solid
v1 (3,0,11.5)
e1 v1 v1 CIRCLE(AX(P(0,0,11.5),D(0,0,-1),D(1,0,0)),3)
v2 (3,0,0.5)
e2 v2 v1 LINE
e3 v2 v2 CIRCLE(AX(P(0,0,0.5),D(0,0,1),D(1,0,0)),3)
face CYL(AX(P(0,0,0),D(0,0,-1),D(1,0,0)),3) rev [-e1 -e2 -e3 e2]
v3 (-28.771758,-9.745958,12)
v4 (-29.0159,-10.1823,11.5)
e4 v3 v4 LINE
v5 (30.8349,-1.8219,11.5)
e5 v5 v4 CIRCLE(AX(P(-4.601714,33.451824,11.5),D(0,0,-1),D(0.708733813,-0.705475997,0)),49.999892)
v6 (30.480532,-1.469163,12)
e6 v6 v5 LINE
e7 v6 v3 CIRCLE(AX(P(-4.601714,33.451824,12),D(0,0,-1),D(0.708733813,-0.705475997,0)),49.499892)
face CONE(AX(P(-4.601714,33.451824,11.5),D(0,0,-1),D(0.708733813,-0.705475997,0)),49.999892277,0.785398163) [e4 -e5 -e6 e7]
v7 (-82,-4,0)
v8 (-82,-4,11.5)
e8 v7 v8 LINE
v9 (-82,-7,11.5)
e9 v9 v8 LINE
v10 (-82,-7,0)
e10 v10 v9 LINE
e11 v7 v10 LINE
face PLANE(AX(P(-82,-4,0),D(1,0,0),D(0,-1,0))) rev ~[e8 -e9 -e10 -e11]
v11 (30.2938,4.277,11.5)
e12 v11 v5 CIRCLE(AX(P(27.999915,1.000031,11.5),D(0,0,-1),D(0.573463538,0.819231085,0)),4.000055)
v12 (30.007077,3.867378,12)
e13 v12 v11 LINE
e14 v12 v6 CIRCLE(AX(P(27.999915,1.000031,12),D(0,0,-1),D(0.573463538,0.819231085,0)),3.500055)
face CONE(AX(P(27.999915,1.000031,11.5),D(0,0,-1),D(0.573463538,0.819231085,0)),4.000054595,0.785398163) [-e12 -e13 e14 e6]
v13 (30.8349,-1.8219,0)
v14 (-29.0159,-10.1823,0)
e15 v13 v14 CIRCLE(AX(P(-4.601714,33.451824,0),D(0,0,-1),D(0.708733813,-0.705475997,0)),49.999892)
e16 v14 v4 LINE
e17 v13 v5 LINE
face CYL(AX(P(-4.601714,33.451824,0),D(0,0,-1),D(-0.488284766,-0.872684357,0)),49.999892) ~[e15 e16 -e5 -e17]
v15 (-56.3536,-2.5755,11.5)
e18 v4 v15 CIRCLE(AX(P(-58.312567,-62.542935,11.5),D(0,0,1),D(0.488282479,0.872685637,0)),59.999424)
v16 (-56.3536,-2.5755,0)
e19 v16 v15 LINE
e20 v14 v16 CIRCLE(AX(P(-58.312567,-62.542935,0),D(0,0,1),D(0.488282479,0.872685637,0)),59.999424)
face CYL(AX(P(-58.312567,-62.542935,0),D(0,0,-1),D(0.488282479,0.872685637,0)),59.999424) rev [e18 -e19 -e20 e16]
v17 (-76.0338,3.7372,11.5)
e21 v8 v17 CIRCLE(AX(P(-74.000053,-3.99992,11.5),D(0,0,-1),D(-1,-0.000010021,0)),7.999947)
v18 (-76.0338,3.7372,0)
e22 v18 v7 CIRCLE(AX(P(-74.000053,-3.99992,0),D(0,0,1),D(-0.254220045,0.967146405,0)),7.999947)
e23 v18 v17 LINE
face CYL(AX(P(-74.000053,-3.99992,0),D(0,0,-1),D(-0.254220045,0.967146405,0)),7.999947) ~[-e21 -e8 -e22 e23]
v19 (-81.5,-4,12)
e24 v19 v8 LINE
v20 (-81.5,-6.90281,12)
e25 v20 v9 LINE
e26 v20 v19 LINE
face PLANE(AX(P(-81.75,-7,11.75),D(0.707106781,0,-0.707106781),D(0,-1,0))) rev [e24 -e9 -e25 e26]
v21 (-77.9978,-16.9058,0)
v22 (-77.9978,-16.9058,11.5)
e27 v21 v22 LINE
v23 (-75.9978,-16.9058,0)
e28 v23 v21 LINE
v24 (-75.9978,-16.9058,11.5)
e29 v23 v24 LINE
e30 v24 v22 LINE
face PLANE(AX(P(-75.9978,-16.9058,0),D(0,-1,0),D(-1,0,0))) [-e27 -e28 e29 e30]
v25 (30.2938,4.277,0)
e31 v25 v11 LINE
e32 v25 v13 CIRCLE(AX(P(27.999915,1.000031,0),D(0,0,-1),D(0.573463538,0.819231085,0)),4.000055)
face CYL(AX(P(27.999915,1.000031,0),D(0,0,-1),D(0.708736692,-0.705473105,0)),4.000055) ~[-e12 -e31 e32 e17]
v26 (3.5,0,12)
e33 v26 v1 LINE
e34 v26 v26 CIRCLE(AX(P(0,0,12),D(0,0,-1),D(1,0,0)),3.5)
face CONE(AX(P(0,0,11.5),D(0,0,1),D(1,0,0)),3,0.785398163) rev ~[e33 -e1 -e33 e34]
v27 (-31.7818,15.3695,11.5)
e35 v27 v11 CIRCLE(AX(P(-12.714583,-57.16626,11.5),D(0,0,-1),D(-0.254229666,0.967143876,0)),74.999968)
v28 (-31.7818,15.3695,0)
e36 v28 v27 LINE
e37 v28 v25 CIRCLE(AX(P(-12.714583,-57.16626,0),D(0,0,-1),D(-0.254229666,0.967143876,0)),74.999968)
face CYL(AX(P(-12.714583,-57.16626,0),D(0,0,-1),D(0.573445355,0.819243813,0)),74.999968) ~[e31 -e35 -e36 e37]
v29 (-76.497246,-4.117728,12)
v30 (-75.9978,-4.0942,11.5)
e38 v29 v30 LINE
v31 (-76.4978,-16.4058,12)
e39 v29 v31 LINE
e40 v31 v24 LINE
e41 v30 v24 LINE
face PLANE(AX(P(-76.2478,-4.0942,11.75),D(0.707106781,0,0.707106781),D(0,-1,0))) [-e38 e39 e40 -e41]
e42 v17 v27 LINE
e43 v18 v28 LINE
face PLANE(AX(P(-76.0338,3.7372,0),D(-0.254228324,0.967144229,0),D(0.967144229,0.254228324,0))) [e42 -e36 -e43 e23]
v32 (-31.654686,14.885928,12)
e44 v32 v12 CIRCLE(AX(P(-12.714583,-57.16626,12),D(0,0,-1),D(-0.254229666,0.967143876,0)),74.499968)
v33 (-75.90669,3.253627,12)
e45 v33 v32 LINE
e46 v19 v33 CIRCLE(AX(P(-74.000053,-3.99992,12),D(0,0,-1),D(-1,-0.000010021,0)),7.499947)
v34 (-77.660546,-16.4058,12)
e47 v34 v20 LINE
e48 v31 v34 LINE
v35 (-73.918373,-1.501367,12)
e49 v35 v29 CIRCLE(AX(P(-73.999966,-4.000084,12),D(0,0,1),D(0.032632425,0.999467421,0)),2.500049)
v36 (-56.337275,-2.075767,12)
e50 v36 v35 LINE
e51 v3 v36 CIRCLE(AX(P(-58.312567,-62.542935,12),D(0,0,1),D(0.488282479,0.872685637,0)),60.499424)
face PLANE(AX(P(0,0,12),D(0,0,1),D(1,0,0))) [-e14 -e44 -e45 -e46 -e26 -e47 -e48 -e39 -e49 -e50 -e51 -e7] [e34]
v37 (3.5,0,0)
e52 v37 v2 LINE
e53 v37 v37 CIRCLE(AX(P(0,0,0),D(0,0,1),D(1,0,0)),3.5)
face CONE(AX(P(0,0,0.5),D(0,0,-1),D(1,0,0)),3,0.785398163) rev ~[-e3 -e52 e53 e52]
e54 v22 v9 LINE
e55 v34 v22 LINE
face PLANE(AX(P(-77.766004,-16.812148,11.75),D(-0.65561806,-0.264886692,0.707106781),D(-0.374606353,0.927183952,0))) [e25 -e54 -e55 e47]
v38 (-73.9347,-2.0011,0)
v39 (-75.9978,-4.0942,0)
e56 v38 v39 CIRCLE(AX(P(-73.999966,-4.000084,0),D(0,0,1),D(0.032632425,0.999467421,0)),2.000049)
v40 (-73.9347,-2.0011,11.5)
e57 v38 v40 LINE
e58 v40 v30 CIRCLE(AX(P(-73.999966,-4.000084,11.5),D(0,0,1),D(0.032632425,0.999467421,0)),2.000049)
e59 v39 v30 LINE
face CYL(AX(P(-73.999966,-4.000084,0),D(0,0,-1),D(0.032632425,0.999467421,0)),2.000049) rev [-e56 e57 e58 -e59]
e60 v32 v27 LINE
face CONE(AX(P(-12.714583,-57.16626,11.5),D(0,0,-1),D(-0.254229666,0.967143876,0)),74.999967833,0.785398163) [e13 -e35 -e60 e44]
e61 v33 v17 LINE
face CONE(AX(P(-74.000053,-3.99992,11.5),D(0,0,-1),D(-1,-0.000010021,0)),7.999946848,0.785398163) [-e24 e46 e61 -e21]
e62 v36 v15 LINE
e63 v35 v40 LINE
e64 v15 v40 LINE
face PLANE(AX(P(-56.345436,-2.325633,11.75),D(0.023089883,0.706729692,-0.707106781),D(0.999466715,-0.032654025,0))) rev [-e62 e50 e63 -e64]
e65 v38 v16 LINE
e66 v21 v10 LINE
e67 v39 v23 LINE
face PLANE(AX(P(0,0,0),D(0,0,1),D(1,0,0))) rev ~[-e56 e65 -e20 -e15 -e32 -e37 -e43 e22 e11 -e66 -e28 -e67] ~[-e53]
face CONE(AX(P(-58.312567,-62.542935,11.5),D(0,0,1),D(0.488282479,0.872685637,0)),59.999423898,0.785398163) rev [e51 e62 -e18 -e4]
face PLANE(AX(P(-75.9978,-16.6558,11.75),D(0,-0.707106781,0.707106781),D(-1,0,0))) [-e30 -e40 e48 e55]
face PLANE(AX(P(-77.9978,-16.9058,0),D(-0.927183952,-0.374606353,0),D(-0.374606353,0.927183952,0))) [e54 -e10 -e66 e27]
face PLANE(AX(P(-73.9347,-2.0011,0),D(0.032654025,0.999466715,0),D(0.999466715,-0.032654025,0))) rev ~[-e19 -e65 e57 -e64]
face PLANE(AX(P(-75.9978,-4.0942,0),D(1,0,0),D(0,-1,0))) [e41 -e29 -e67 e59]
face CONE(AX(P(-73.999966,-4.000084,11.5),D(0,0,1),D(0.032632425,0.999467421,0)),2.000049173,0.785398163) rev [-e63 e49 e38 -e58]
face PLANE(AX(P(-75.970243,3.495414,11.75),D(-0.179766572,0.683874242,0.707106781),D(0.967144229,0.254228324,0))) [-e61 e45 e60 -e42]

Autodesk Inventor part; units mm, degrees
ref_plane "YZ Plane" through (0, 0, 0) normal (1, 0, 0) x (0, 1, 0)
ref_plane "XZ Plane" through (0, 0, 0) normal (0, 1, 0) x (-1, 0, 0)
ref_plane "XY Plane" through (0, 0, 0) normal (0, 0, 1) x (1, 0, 0)
sketch "Náčrt1" plane through (0, 0, 0) normal (0, 0, 1) x (1, 0, 0)
  line L0 (-106.433, 0) -> (55.3696, 0) projected
  line L1 (0, -81.7425) -> (0, 52.651) projected
  circle A0 centre (0, 0) radius 3
  arc A1 (30.8349, -1.8219) -> (30.2938, 4.277) centre (28, 1) ccw
  arc A2 (-76.0338, 3.7372) -> (-82, -4) centre (-74, -4) ccw
  arc A3 (-73.9347, -2.0011) -> (-75.9978, -4.0942) centre (-74, -4) ccw
  line L2 (-75.9978, -3.9058) -> (-75.9978, -16.9058)
  line L3 (-75.9978, -16.9058) -> (-77.9978, -16.9058)
  line L4 (-77.9978, -16.9058) -> (-82, -7)
  line L5 (-82, -4) -> (-82, -7)
  arc A4 (30.2938, 4.277) -> (-31.7818, 15.3695) centre (-12.7146, -57.1663) ccw
  arc A5 (-29.0159, -10.1823) -> (30.8349, -1.8219) centre (-4.6017, 33.4519) ccw
  arc A6 (-29.0159, -10.1823) -> (-56.3536, -2.5755) centre (-58.3128, -62.5435) ccw
  line L6 (-76.0338, 3.7372) -> (-31.7818, 15.3695)
  line L7 (-73.9347, -2.0011) -> (-56.3536, -2.5755)
  dimension "d0" = 6
  dimension "d1" = 8
  dimension "d2" = 28
  dimension "d3" = 1
  dimension "d4" = 16
  dimension "d5" = 4
  dimension "d6" = 4
  dimension "d7" = 74
  dimension "d8" = 13
  dimension "d9" = 158
  dimension "d10" = 2
  dimension "d11" = 3
  dimension "d12" = 75
  dimension "d13" = 50
  dimension "d14" = 60
extrude "Vysunutí1" add sketch "Náčrt1" along normal blind 12 contours A2 L6 A4 L1 A0 L0 | L0 A0 L1 A5 A6 L7 A3 L2 L3 L4 L5 A2 | L1 A4 A1 L0 A0 | A0 L0 A1 A5 L1
chamfer "Zkosení1" distance 0.5 angle 45 15 edges at (-79.9989, -11.9529, 12) (-76.9978, -16.9058, 12) (-75.9978, -10.5, 12) (-76, -4, 12) (-75.3567, -2.5305, 12) (-65.1442, -2.2883, 12) (-42.2286, -4.7395, 12) (2.3155, -16.0673, 12) (31.9843, 1.3535, 12) (0.4784, 16.6642, 12) (-53.9078, 9.5533, 12) (-80.3352, 0.8851, 12) (-82, -5.5, 12) (-3, 0, 12) (-3, 0, 0)
properties part number "Součást22"
